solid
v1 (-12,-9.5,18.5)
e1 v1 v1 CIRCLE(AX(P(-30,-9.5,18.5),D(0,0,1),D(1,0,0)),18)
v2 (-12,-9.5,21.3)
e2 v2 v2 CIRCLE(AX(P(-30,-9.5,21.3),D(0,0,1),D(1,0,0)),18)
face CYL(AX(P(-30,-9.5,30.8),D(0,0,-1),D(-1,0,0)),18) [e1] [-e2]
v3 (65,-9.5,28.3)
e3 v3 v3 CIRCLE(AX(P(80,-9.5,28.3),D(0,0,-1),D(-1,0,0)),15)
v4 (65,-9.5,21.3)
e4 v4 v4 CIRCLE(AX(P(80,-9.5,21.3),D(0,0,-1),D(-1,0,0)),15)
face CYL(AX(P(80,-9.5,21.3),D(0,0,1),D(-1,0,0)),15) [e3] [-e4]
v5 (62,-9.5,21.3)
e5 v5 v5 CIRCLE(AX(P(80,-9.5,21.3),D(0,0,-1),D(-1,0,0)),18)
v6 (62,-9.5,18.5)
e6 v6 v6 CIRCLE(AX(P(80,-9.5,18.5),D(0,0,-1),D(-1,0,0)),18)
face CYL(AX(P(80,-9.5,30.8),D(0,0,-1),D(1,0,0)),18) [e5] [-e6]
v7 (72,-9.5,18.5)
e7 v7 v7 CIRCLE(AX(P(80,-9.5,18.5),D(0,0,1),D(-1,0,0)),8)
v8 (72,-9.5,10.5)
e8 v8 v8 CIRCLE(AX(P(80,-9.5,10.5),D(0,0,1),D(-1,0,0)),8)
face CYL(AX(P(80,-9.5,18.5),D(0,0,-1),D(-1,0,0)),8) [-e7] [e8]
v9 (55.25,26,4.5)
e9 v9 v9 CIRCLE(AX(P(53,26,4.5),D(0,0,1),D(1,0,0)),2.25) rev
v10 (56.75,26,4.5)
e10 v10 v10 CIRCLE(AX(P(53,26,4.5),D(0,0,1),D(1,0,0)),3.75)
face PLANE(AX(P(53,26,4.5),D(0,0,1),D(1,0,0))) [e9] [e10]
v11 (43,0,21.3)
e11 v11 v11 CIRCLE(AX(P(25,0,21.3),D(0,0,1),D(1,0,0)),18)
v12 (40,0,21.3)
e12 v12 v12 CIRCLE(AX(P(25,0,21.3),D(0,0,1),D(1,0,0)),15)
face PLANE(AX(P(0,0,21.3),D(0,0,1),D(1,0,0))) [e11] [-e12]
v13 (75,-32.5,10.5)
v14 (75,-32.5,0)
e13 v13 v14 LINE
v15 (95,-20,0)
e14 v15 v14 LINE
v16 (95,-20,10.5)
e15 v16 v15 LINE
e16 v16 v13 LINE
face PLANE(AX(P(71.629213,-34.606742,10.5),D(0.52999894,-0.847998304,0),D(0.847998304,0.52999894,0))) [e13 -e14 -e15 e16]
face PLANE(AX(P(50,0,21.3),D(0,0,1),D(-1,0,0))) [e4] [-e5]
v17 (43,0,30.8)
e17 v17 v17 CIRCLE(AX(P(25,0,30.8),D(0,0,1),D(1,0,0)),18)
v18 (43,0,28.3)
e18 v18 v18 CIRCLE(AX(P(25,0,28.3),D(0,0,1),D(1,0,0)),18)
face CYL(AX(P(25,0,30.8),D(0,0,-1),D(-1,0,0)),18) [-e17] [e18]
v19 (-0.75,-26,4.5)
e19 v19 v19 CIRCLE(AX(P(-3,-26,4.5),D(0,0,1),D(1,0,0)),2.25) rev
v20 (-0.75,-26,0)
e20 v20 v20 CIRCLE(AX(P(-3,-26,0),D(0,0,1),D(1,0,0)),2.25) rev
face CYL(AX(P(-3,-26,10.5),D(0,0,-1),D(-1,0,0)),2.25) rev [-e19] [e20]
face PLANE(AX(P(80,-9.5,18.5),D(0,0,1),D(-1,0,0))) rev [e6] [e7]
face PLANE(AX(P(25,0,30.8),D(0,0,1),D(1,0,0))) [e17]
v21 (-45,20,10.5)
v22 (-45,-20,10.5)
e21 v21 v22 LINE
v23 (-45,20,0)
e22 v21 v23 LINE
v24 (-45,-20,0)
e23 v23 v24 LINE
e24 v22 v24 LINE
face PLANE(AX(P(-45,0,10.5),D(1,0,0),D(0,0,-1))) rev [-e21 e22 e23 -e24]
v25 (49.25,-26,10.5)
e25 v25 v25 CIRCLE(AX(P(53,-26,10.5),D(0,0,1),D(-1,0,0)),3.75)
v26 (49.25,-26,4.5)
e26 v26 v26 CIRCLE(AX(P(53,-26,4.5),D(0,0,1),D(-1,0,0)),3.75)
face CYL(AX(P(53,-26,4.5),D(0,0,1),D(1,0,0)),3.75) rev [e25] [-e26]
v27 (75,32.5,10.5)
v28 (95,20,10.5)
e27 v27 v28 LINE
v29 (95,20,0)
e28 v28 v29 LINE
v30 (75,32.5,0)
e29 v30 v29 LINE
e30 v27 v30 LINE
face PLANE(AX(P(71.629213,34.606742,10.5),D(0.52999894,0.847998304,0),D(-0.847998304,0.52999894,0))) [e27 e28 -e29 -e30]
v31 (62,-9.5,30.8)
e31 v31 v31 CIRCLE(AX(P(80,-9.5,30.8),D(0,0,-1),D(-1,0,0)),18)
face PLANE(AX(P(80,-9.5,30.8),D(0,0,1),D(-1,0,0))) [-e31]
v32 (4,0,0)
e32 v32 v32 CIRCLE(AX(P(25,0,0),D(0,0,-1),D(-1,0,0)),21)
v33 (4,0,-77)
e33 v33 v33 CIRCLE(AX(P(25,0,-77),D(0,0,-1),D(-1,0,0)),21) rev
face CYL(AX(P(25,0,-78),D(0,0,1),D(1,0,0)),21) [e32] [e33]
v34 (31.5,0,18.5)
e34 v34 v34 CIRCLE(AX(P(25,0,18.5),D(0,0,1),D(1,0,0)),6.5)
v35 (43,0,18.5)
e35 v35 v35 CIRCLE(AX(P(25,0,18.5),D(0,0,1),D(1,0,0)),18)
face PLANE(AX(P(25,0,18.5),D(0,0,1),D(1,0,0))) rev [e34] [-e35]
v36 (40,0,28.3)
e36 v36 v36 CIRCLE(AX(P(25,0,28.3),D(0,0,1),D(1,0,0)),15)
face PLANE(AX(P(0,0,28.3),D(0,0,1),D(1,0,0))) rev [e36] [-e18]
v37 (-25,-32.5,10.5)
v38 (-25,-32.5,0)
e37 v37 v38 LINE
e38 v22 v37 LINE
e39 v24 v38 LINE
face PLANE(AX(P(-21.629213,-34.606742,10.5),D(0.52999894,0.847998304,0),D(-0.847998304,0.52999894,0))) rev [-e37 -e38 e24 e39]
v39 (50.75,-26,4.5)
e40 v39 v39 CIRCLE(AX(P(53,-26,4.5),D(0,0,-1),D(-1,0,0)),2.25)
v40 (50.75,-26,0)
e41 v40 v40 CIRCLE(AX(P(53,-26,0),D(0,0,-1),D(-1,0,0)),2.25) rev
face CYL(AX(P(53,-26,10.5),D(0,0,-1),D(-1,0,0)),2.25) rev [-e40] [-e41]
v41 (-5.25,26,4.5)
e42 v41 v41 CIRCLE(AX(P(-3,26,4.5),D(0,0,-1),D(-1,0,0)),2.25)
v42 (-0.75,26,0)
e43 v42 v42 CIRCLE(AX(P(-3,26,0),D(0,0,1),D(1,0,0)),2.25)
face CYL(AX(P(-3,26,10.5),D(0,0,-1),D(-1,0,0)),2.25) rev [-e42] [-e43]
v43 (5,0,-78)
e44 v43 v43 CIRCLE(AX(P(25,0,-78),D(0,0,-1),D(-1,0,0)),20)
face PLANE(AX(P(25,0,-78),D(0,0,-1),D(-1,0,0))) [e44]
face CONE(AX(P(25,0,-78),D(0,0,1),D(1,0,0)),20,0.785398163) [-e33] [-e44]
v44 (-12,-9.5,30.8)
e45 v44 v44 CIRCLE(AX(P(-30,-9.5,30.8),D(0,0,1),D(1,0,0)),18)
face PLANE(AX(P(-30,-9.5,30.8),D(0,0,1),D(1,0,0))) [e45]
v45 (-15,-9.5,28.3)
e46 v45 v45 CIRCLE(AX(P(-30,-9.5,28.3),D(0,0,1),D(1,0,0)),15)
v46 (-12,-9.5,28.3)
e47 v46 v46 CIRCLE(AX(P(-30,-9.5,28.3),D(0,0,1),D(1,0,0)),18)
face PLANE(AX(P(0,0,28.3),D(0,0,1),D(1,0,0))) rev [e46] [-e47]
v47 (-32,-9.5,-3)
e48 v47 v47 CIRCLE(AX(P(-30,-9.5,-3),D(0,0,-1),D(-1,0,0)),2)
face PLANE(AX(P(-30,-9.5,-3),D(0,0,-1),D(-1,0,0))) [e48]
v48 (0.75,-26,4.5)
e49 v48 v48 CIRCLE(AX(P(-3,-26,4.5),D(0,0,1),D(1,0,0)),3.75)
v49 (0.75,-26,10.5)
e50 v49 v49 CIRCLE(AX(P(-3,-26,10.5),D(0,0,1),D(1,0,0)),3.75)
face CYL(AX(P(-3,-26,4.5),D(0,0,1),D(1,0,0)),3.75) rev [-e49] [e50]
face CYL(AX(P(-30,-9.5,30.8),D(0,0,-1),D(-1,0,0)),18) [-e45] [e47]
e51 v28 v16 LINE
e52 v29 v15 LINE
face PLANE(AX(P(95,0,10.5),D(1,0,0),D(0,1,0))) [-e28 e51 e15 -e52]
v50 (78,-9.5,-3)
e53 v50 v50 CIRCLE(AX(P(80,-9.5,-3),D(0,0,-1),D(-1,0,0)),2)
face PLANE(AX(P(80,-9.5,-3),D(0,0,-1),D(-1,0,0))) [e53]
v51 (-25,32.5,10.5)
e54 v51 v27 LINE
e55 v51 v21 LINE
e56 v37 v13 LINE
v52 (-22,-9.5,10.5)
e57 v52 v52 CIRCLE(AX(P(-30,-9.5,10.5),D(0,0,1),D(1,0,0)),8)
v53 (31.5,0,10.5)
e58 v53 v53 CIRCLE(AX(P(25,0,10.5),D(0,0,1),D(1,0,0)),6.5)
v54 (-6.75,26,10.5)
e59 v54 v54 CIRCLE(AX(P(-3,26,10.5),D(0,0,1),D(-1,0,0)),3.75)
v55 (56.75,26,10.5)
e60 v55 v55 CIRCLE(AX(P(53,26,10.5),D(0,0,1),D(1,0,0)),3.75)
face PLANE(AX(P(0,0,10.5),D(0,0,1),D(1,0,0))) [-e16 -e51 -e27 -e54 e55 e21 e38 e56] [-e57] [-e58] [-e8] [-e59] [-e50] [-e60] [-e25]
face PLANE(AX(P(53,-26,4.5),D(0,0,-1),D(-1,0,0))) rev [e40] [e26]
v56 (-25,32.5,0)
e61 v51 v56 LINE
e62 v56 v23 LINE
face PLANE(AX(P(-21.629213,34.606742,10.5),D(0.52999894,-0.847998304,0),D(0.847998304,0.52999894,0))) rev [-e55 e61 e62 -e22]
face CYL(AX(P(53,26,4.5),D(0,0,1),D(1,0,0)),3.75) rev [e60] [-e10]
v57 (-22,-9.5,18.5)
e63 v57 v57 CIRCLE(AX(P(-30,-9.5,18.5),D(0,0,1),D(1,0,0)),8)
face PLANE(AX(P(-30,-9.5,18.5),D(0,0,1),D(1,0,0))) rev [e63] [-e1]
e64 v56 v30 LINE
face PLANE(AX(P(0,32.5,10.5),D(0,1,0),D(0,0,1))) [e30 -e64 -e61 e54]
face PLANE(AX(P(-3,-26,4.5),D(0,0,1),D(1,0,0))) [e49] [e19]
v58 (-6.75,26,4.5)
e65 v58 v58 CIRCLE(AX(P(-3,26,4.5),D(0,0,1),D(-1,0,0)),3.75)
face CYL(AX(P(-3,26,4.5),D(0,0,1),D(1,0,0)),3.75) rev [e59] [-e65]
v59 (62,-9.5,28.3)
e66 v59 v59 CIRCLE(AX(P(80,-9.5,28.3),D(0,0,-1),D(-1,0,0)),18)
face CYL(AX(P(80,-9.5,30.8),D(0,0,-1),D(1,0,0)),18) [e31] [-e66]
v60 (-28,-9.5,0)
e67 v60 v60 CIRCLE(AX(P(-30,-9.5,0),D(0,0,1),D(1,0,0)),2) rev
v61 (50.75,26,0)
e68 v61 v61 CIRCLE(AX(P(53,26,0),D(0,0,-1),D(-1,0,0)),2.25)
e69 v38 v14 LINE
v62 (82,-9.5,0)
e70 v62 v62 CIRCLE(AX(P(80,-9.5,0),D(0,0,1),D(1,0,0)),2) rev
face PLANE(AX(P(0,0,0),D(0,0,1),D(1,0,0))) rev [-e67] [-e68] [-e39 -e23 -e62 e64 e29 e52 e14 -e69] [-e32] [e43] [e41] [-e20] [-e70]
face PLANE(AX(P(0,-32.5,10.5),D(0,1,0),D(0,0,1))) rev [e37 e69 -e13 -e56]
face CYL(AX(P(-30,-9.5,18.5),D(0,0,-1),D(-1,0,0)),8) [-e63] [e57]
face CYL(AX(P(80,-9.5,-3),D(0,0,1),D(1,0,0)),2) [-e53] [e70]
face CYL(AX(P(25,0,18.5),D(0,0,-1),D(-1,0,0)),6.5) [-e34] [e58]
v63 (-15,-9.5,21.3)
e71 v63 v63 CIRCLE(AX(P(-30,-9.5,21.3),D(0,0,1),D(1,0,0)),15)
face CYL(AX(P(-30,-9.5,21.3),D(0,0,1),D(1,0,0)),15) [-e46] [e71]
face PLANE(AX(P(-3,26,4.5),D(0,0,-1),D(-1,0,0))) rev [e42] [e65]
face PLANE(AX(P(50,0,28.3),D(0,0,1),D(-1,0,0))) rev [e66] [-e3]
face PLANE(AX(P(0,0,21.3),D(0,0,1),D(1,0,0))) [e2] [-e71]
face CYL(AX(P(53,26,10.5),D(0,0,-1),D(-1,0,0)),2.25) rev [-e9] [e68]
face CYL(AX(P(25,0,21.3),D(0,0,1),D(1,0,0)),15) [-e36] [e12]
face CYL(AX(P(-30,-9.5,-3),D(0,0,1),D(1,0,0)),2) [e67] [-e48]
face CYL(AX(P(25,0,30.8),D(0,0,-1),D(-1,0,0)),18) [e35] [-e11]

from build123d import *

# Parameters (mm, degrees)
SKETCH1_W           = 20
SKETCH1_H           = 40
SKETCH1_W_2         = 50
SKETCH1_H_2         = 65
SKETCH1_R           = 2.25
BOSS_EXTRUDE1_DEPTH = 10.5
SKETCH3_R           = 6.5
SKETCH3_R_2         = 8
BOSS_EXTRUDE2_DEPTH = 8
SKETCH4_R           = 3.75
CUT_EXTRUDE1_DEPTH  = 6
SKETCH5_R           = 18
BOSS_EXTRUDE3_DEPTH = 12.3
SKETCH7_W           = 167.229187532
SKETCH7_H           = 99.836007656
SKETCH7_R           = 15
CUT_EXTRUDE2_DEPTH  = 7
SKETCH8_R           = 21
BOSS_EXTRUDE4_DEPTH = 78
CHAMFER1_SIZE       = 1
SKETCH9_R           = 2
BOSS_EXTRUDE5_DEPTH = 3


with BuildPart() as part:
    # Sketch1 → Boss-Extrude1 (new body)
    with BuildSketch(Plane.XY):
        Polygon((-25, -20), (-45, -20), (-25, -32.5), align=None)
        with Locations((-35, 0)):
            Rectangle(SKETCH1_W, SKETCH1_H)
        Polygon((-25, 20), (-25, 32.5), (-45, 20), align=None)
        Rectangle(SKETCH1_W_2, SKETCH1_H_2)
        with Locations((-3, 26)):
            Circle(SKETCH1_R, mode=Mode.SUBTRACT)
        with Locations((-3, -26)):
            Circle(SKETCH1_R, mode=Mode.SUBTRACT)
    boss_extrude1 = extrude(amount=BOSS_EXTRUDE1_DEPTH)

    # Mirror1: Boss-Extrude1 across plane
    add(boss_extrude1.mirror(Plane(origin=(25, 0, 10.5), x_dir=(0, 0, 1), z_dir=(1, 0, 0))))

    # Sketch3 → Boss-Extrude2 (add)
    with BuildSketch(Plane.XY.offset(10.5)):
        with Locations((25, 0)):
            Circle(SKETCH3_R)
        with Locations((-30, -9.5)):
            Circle(SKETCH3_R_2)
        with Locations((80, -9.5)):
            Circle(SKETCH3_R_2)
    extrude(amount=BOSS_EXTRUDE2_DEPTH)

    # Sketch4 → Cut-Extrude1 (cut)
    with BuildSketch(Plane.XY.offset(10.5)):
        with Locations((-3, -26)):
            Circle(SKETCH4_R)
        with Locations((-3, 26)):
            Circle(SKETCH4_R)
        with Locations((53, 26)):
            Circle(SKETCH4_R)
        with Locations((53, -26)):
            Circle(SKETCH4_R)
    extrude(amount=-CUT_EXTRUDE1_DEPTH, mode=Mode.SUBTRACT)

    # Sketch5 → Boss-Extrude3 (add)
    with BuildSketch(Plane.XY.offset(18.5)):
        with Locations((25, 0)):
            Circle(SKETCH5_R)
        with Locations((-30, -9.5)):
            Circle(SKETCH5_R)
    extrude(amount=BOSS_EXTRUDE3_DEPTH)

    # Sketch7 → Cut-Extrude2 (cut)
    with BuildSketch(Plane.XY.offset(28.3)):
        with Locations((-30, -9.5)):
            Rectangle(SKETCH7_W, SKETCH7_H)
        with Locations((-30, -9.5)):
            Circle(SKETCH7_R, mode=Mode.SUBTRACT)
        with Locations((25, 0)):
            Circle(SKETCH7_R, mode=Mode.SUBTRACT)
    extrude(amount=-CUT_EXTRUDE2_DEPTH, mode=Mode.SUBTRACT)

    # Mirror2: part across plane


with BuildPart() as part_1:
    add(part.part)
    add(part.part.mirror(Plane(origin=(25, 0, 0), x_dir=(0, 0, 1), z_dir=(1, 0, 0))))

    # Sketch8 → Boss-Extrude4 (add)
    with BuildSketch(Plane(origin=(0, 0, 0), x_dir=(-1, 0, 0), z_dir=(0, 0, -1))):
        with Locations((-25, 0)):
            Circle(SKETCH8_R)
    extrude(amount=BOSS_EXTRUDE4_DEPTH)

    # Chamfer1
    chamfer1_edges = [part_1.edges().sort_by_distance(p)[0] for p in [
        (46, 0, -78),
    ]]
    chamfer(chamfer1_edges, length=CHAMFER1_SIZE)

    # Sketch9 → Boss-Extrude5 (add, symmetric)
    with BuildSketch(Plane(origin=(0, 0, 0), x_dir=(-1, 0, 0), z_dir=(0, 0, -1))):
        with Locations((-80, -9.5)):
            Circle(SKETCH9_R)
        with Locations((30, -9.5)):
            Circle(SKETCH9_R)
    extrude(amount=BOSS_EXTRUDE5_DEPTH, both=True)


solid = part_1.part
